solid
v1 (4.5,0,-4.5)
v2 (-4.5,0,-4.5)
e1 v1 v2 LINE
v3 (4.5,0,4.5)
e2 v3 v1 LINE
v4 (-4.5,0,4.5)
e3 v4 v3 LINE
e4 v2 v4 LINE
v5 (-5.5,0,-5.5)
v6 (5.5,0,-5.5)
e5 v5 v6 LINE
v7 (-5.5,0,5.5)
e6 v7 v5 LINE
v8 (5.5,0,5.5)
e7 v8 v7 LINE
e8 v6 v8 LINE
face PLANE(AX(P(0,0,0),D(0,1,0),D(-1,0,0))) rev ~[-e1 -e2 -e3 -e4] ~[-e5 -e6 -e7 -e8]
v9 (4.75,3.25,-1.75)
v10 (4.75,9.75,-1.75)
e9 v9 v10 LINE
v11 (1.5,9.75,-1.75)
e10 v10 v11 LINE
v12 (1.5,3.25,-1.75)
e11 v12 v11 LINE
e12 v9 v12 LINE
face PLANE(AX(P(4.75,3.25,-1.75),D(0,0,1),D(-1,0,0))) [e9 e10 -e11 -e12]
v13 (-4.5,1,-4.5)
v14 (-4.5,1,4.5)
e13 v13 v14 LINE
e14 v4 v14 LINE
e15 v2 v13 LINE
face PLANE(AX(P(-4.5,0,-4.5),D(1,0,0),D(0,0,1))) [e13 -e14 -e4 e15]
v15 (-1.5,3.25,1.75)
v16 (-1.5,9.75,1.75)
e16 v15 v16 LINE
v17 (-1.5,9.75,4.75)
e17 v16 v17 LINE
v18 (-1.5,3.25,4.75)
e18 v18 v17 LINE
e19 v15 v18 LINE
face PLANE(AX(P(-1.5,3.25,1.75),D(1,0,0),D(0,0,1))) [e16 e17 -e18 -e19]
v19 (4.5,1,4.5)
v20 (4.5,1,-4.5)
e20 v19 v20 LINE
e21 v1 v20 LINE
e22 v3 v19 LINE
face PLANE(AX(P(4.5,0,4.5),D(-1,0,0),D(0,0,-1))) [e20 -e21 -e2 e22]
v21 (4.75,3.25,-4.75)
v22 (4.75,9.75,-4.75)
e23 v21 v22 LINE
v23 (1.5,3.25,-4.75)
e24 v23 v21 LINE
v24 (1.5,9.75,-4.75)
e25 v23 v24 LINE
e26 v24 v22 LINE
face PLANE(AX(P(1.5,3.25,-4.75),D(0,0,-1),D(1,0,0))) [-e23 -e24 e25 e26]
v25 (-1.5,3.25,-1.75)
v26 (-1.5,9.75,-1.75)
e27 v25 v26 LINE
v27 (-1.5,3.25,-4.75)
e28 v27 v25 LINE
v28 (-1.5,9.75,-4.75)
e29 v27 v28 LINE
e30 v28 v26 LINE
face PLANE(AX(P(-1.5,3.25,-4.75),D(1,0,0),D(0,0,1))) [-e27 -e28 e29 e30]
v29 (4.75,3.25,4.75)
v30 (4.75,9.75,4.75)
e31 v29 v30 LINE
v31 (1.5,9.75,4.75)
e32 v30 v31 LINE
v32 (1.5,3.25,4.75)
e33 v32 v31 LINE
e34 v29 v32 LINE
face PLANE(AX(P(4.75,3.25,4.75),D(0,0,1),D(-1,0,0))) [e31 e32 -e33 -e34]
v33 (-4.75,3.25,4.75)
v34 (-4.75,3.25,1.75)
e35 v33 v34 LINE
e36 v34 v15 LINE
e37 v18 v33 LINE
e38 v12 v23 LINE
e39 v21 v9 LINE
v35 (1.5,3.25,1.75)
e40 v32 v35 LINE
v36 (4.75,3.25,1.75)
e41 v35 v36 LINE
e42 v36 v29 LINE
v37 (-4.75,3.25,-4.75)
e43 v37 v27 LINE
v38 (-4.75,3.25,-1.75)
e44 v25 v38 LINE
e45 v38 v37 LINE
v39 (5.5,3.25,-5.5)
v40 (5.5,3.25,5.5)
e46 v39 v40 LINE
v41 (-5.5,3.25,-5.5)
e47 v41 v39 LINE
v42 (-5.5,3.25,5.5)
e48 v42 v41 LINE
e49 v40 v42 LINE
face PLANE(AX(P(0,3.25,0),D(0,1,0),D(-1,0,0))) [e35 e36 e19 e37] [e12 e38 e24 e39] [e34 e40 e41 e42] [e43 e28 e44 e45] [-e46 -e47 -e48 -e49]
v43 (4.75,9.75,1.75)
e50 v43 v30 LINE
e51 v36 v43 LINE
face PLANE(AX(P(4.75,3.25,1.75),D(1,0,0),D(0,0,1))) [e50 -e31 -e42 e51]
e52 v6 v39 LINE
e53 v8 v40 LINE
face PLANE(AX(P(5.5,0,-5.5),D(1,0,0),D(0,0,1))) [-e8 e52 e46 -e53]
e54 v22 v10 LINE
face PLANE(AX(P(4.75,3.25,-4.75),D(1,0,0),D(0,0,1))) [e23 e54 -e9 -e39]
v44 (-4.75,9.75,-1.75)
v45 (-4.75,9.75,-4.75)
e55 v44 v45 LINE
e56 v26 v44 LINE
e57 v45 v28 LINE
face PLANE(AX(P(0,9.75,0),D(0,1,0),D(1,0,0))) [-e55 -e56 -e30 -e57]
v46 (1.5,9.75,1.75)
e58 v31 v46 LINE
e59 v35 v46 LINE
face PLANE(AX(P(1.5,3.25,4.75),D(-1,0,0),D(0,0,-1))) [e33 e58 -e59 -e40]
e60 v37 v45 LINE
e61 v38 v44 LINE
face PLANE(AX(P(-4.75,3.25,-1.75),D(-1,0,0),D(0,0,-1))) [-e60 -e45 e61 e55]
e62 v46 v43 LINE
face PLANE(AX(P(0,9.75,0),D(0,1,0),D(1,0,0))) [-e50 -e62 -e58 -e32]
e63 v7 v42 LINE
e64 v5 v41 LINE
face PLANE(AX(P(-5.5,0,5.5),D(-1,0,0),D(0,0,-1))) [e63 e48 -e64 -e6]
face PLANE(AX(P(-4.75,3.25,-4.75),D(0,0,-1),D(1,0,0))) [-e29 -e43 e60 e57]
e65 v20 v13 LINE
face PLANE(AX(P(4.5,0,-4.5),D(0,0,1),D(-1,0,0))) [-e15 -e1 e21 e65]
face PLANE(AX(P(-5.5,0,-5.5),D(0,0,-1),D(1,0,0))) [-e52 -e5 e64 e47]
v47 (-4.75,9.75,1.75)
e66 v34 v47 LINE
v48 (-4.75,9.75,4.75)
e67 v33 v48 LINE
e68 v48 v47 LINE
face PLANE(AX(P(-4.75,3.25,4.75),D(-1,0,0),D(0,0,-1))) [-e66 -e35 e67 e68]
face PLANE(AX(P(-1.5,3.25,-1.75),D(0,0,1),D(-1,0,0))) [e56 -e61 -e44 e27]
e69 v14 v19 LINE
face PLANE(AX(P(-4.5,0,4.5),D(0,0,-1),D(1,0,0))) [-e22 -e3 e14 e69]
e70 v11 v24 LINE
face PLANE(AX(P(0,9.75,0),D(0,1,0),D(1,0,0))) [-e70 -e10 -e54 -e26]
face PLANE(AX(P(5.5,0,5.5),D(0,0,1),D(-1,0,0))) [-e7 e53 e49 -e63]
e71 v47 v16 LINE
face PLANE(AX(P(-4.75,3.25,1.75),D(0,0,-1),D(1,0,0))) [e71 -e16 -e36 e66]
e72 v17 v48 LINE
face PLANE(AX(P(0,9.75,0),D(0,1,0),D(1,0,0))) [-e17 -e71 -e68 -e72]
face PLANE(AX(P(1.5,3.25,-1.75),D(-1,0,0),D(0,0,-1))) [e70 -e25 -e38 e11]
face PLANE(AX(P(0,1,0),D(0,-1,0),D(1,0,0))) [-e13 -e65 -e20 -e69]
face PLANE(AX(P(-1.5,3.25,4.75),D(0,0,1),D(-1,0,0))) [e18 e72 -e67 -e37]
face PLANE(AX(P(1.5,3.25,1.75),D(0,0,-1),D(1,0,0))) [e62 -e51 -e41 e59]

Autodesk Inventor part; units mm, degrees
ref_plane "YZ Plane" through (0, 0, 0) normal (1, 0, 0) x (0, 1, 0)
ref_plane "XZ Plane" through (0, 0, 0) normal (0, 1, 0) x (-1, 0, 0)
ref_plane "XY Plane" through (0, 0, 0) normal (0, 0, 1) x (1, 0, 0)
sketch "Sketch1" plane through (0, 0, 0) normal (0, 1, 0) x (-1, 0, 0)
  line L0 (5.5, -5.5) -> (-5.5, -5.5)
  line L1 (-5.5, -5.5) -> (-5.5, 5.5)
  line L2 (-5.5, 5.5) -> (5.5, 5.5)
  line L3 (5.5, 5.5) -> (5.5, -5.5)
  line L4 (5.5, -5.5) -> (-5.5, 5.5) construction
  line L5 (-5.5, -5.5) -> (5.5, 5.5) construction
  point P0 (0, 0)
  dimension "d0" = 11
  dimension "d1" = 11
extrude "Extrusion1" add sketch "Sketch1" along normal blind 3.25
sketch "Sketch2" plane through (0, 0, 0) normal (0, -1, 0) x (1, 0, 0)
  line L0 (-4.5, 4.5) -> (4.5, 4.5)
  line L1 (4.5, 4.5) -> (4.5, -4.5)
  line L2 (4.5, -4.5) -> (-4.5, -4.5)
  line L3 (-4.5, -4.5) -> (-4.5, 4.5)
  line L4 (-4.5, 4.5) -> (4.5, -4.5) construction
  line L5 (4.5, 4.5) -> (-4.5, -4.5) construction
  point P0 (0, 0)
  dimension "d4" = 9
  dimension "d5" = 9
extrude "Extrusion2" cut sketch "Sketch2" against normal blind 1
sketch "Sketch3" plane through (0, 3.25, 0) normal (0, 1, 0) x (1, 0, 0)
  line L0 (-4.75, -1.75) -> (-1.5, -1.75)
  line L1 (-1.5, -1.75) -> (-1.5, -4.75)
  line L2 (-1.5, -4.75) -> (-4.75, -4.75)
  line L3 (-4.75, -4.75) -> (-4.75, -1.75)
  line L4 (-4.75, -1.75) -> (-1.5, -4.75) construction
  line L5 (-1.5, -1.75) -> (-4.75, -4.75) construction
  line L6 (-5.5, 5.5) -> (-5.5, -5.5) projected
  line L7 (-5.5, -5.5) -> (5.5, -5.5) projected
  line L8 (-4.75, 4.75) -> (-1.5, 4.75)
  line L9 (-4.75, 1.75) -> (-4.75, 4.75)
  line L10 (-1.5, 4.75) -> (-4.75, 1.75) construction
  line L11 (-1.5, 1.75) -> (-4.75, 1.75)
  line L12 (-1.5, 4.75) -> (-1.5, 1.75)
  line L13 (1.5, -1.75) -> (4.75, -1.75)
  line L14 (1.5, -4.75) -> (1.5, -1.75)
  line L15 (4.75, -1.75) -> (1.5, -4.75) construction
  line L16 (4.75, -4.75) -> (1.5, -4.75)
  line L17 (4.75, -1.75) -> (4.75, -4.75)
  line L18 (1.5, 4.75) -> (4.75, 4.75)
  line L19 (1.5, 1.75) -> (1.5, 4.75)
  line L20 (4.75, 4.75) -> (1.5, 1.75) construction
  line L21 (4.75, 1.75) -> (1.5, 1.75)
  line L22 (4.75, 4.75) -> (4.75, 1.75)
  point P0 (0, 0)
  point P1 (-3.125, -3.25)
  point P2 (-3.125, 3.25)
  point P3 (3.125, -3.25)
  point P4 (3.125, 3.25)
  dimension "d8" = 3.25
  dimension "d9" = 3
  dimension "d10" = 0.75
  dimension "d11" = 0.75
  dimension "d14" = 6.5
  dimension "d17" = 6.25
extrude "Extrusion3" add sketch "Sketch3" along normal blind 6.5
properties material "Brass, Soft Yellow, Welded"
